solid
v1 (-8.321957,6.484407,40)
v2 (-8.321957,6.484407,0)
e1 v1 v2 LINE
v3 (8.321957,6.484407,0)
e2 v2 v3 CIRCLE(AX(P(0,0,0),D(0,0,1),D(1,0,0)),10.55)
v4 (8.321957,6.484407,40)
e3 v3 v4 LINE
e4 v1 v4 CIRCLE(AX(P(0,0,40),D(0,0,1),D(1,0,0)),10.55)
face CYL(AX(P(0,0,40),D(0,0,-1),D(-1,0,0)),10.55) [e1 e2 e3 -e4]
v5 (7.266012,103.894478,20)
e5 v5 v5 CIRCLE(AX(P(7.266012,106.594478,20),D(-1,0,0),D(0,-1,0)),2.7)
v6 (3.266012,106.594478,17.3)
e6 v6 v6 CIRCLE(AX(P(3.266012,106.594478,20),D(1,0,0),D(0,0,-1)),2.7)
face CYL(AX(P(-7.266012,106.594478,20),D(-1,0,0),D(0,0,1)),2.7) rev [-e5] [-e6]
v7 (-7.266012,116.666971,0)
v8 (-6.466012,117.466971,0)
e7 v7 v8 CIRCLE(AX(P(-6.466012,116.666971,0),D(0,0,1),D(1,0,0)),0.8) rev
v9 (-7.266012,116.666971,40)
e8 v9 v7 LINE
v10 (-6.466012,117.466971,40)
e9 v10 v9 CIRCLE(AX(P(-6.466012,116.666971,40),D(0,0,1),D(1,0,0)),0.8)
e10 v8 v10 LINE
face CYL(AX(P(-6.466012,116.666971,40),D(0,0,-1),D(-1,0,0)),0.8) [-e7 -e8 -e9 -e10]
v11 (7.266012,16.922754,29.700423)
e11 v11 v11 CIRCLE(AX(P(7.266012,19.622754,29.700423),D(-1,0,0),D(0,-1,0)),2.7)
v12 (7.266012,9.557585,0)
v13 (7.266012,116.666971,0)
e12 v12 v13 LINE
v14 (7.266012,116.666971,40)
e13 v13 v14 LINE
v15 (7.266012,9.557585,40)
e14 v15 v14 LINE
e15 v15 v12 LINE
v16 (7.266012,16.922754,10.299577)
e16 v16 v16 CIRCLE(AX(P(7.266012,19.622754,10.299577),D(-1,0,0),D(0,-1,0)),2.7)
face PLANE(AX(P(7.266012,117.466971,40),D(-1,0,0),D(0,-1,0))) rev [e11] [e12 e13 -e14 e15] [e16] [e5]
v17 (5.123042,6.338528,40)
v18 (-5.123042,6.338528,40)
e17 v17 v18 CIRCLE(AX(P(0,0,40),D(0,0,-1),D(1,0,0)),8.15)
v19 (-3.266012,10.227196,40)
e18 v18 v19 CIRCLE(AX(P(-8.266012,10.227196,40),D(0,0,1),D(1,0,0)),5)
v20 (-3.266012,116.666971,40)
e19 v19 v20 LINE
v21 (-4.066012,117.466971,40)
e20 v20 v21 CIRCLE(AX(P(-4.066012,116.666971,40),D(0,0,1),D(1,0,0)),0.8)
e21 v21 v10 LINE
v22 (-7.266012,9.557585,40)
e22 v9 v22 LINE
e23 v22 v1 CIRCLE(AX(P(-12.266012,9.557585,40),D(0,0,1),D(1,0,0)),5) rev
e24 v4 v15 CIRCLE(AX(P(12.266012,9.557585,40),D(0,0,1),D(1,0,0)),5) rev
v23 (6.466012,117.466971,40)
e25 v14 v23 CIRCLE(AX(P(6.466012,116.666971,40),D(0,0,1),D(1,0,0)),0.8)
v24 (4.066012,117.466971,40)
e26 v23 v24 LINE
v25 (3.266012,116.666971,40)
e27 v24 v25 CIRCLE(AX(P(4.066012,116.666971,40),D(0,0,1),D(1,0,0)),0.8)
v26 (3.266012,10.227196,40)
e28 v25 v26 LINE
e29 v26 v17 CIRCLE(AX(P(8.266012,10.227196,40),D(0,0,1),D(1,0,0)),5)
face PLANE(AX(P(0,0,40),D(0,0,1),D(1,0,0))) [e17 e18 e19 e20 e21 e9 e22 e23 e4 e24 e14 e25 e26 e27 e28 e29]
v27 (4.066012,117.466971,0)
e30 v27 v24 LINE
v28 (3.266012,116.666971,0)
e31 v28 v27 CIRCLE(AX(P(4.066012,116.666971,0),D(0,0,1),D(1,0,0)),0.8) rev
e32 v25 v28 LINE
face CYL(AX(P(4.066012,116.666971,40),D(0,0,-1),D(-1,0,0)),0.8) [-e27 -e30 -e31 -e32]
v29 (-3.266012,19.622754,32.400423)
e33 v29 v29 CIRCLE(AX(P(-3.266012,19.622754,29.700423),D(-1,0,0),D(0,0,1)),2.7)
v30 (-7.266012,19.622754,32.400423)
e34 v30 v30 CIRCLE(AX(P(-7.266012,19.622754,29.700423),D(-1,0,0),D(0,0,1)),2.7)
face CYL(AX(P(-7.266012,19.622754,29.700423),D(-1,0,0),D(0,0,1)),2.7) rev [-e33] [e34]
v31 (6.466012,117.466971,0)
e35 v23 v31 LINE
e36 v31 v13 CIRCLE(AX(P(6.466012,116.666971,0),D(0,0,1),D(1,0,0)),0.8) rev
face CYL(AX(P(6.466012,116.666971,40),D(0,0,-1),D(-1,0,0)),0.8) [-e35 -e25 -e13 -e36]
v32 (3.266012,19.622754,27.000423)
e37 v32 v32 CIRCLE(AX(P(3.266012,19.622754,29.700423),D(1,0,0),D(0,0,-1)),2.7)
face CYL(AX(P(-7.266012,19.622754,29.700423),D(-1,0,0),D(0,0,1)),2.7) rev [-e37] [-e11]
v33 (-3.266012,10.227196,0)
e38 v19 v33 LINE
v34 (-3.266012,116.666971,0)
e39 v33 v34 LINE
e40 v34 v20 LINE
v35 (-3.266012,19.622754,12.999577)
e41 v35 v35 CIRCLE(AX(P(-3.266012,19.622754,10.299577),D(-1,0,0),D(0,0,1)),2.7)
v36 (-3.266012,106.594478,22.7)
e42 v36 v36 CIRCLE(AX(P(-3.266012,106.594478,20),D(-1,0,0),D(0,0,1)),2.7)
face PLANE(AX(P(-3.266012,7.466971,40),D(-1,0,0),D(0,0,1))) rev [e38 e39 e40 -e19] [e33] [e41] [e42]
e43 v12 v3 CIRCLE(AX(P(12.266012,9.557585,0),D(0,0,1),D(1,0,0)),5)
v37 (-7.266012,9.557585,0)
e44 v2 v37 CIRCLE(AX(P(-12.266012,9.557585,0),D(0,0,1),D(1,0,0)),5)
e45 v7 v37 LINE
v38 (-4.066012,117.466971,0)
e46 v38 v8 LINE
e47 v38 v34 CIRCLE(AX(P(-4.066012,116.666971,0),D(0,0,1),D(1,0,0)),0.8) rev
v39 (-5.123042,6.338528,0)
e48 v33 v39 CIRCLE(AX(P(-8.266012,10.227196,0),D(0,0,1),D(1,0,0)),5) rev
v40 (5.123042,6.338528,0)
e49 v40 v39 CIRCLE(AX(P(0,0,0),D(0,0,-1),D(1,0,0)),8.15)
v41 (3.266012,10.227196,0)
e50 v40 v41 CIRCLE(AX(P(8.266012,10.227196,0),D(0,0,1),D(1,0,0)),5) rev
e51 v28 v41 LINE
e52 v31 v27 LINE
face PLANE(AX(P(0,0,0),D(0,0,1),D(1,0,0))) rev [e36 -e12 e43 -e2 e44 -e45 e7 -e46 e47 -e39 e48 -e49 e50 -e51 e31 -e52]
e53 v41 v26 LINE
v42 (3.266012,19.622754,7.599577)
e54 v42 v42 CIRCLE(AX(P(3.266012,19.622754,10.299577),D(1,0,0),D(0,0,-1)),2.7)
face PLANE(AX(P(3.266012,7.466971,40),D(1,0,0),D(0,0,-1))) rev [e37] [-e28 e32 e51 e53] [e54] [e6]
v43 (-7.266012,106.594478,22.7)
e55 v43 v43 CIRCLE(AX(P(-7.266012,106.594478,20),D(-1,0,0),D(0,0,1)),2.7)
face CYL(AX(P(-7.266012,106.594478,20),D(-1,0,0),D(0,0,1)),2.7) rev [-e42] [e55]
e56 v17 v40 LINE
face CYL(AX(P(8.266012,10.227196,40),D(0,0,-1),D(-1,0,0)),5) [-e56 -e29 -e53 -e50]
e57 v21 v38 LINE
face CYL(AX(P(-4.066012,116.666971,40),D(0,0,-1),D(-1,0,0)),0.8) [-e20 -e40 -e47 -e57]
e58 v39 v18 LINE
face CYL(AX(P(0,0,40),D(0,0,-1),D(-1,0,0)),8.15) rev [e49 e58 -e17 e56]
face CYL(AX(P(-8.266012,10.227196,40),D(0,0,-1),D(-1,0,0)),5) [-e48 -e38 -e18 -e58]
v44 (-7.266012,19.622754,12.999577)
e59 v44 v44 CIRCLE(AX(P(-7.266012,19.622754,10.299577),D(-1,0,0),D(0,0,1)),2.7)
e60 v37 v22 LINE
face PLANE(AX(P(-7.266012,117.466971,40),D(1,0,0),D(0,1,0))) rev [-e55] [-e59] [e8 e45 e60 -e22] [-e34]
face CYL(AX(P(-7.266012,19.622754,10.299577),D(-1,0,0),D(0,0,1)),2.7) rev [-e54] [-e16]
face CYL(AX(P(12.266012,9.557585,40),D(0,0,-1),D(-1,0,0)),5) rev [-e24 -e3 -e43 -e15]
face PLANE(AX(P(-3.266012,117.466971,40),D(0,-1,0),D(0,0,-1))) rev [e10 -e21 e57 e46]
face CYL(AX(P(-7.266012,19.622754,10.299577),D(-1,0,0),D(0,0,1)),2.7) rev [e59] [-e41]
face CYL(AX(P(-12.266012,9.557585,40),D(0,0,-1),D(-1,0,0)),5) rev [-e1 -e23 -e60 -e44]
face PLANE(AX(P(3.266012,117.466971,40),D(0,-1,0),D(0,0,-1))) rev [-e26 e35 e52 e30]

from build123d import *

# Parameters (mm, degrees)
BOSS_EXTRU_1_DEPTH = 40
CONG_1_R           = 5
CONG_2_R           = 0.8
D_GAGEMENT_M1_61_D = 5.4


with BuildPart() as part:
    # Esquisse1 → Boss.-Extru.1 (new body)
    with BuildSketch(Plane.XY):
        with BuildLine():
            Line((-3.266012474, 7.466971442), (-3.266012474, 117.466971442))
            Line((-3.266012474, 117.466971442), (-7.266012474, 117.466971442))
            Line((-7.266012474, 117.466971442), (-7.266012474, 7.649023646))
            ThreePointArc((-7.266012474, 7.649023646), (0, -10.55), (7.266012474, 7.649023646))
            Line((7.266012474, 7.649023646), (7.266012474, 117.466971442))
            Line((7.266012474, 117.466971442), (3.266012474, 117.466971442))
            Line((3.266012474, 117.466971442), (3.266012474, 7.466971442))
            ThreePointArc((3.266012474, 7.466971442), (0, -8.15), (-3.266012474, 7.466971442))
        make_face()
    extrude(amount=BOSS_EXTRU_1_DEPTH)

    # Congé1
    cong_1_edges = [part.edges().sort_by_distance(p)[0] for p in [
        (7.266012474, 7.649023646, 20),
        (-7.266012474, 7.649023646, 20),
        (-3.266012474, 7.466971442, 20),
        (3.266012474, 7.466971442, 20),
    ]]
    fillet(cong_1_edges, radius=CONG_1_R)

    # Congé2
    cong_2_edges = [part.edges().sort_by_distance(p)[0] for p in [
        (3.266012474, 117.466971442, 20),
        (7.266012474, 117.466971442, 20),
        (-7.266012474, 117.466971442, 20),
        (-3.266012474, 117.466971442, 20),
    ]]
    fillet(cong_2_edges, radius=CONG_2_R)

    # Dégagement M1.61 (through all)
    with Locations(Plane.ZY.offset(7.266012474)):
        with Locations((20, 106.594477776), (10.299577014, 19.622753657), (29.700422986, 19.622753657)):
            Hole(D_GAGEMENT_M1_61_D / 2)


solid = part.part
